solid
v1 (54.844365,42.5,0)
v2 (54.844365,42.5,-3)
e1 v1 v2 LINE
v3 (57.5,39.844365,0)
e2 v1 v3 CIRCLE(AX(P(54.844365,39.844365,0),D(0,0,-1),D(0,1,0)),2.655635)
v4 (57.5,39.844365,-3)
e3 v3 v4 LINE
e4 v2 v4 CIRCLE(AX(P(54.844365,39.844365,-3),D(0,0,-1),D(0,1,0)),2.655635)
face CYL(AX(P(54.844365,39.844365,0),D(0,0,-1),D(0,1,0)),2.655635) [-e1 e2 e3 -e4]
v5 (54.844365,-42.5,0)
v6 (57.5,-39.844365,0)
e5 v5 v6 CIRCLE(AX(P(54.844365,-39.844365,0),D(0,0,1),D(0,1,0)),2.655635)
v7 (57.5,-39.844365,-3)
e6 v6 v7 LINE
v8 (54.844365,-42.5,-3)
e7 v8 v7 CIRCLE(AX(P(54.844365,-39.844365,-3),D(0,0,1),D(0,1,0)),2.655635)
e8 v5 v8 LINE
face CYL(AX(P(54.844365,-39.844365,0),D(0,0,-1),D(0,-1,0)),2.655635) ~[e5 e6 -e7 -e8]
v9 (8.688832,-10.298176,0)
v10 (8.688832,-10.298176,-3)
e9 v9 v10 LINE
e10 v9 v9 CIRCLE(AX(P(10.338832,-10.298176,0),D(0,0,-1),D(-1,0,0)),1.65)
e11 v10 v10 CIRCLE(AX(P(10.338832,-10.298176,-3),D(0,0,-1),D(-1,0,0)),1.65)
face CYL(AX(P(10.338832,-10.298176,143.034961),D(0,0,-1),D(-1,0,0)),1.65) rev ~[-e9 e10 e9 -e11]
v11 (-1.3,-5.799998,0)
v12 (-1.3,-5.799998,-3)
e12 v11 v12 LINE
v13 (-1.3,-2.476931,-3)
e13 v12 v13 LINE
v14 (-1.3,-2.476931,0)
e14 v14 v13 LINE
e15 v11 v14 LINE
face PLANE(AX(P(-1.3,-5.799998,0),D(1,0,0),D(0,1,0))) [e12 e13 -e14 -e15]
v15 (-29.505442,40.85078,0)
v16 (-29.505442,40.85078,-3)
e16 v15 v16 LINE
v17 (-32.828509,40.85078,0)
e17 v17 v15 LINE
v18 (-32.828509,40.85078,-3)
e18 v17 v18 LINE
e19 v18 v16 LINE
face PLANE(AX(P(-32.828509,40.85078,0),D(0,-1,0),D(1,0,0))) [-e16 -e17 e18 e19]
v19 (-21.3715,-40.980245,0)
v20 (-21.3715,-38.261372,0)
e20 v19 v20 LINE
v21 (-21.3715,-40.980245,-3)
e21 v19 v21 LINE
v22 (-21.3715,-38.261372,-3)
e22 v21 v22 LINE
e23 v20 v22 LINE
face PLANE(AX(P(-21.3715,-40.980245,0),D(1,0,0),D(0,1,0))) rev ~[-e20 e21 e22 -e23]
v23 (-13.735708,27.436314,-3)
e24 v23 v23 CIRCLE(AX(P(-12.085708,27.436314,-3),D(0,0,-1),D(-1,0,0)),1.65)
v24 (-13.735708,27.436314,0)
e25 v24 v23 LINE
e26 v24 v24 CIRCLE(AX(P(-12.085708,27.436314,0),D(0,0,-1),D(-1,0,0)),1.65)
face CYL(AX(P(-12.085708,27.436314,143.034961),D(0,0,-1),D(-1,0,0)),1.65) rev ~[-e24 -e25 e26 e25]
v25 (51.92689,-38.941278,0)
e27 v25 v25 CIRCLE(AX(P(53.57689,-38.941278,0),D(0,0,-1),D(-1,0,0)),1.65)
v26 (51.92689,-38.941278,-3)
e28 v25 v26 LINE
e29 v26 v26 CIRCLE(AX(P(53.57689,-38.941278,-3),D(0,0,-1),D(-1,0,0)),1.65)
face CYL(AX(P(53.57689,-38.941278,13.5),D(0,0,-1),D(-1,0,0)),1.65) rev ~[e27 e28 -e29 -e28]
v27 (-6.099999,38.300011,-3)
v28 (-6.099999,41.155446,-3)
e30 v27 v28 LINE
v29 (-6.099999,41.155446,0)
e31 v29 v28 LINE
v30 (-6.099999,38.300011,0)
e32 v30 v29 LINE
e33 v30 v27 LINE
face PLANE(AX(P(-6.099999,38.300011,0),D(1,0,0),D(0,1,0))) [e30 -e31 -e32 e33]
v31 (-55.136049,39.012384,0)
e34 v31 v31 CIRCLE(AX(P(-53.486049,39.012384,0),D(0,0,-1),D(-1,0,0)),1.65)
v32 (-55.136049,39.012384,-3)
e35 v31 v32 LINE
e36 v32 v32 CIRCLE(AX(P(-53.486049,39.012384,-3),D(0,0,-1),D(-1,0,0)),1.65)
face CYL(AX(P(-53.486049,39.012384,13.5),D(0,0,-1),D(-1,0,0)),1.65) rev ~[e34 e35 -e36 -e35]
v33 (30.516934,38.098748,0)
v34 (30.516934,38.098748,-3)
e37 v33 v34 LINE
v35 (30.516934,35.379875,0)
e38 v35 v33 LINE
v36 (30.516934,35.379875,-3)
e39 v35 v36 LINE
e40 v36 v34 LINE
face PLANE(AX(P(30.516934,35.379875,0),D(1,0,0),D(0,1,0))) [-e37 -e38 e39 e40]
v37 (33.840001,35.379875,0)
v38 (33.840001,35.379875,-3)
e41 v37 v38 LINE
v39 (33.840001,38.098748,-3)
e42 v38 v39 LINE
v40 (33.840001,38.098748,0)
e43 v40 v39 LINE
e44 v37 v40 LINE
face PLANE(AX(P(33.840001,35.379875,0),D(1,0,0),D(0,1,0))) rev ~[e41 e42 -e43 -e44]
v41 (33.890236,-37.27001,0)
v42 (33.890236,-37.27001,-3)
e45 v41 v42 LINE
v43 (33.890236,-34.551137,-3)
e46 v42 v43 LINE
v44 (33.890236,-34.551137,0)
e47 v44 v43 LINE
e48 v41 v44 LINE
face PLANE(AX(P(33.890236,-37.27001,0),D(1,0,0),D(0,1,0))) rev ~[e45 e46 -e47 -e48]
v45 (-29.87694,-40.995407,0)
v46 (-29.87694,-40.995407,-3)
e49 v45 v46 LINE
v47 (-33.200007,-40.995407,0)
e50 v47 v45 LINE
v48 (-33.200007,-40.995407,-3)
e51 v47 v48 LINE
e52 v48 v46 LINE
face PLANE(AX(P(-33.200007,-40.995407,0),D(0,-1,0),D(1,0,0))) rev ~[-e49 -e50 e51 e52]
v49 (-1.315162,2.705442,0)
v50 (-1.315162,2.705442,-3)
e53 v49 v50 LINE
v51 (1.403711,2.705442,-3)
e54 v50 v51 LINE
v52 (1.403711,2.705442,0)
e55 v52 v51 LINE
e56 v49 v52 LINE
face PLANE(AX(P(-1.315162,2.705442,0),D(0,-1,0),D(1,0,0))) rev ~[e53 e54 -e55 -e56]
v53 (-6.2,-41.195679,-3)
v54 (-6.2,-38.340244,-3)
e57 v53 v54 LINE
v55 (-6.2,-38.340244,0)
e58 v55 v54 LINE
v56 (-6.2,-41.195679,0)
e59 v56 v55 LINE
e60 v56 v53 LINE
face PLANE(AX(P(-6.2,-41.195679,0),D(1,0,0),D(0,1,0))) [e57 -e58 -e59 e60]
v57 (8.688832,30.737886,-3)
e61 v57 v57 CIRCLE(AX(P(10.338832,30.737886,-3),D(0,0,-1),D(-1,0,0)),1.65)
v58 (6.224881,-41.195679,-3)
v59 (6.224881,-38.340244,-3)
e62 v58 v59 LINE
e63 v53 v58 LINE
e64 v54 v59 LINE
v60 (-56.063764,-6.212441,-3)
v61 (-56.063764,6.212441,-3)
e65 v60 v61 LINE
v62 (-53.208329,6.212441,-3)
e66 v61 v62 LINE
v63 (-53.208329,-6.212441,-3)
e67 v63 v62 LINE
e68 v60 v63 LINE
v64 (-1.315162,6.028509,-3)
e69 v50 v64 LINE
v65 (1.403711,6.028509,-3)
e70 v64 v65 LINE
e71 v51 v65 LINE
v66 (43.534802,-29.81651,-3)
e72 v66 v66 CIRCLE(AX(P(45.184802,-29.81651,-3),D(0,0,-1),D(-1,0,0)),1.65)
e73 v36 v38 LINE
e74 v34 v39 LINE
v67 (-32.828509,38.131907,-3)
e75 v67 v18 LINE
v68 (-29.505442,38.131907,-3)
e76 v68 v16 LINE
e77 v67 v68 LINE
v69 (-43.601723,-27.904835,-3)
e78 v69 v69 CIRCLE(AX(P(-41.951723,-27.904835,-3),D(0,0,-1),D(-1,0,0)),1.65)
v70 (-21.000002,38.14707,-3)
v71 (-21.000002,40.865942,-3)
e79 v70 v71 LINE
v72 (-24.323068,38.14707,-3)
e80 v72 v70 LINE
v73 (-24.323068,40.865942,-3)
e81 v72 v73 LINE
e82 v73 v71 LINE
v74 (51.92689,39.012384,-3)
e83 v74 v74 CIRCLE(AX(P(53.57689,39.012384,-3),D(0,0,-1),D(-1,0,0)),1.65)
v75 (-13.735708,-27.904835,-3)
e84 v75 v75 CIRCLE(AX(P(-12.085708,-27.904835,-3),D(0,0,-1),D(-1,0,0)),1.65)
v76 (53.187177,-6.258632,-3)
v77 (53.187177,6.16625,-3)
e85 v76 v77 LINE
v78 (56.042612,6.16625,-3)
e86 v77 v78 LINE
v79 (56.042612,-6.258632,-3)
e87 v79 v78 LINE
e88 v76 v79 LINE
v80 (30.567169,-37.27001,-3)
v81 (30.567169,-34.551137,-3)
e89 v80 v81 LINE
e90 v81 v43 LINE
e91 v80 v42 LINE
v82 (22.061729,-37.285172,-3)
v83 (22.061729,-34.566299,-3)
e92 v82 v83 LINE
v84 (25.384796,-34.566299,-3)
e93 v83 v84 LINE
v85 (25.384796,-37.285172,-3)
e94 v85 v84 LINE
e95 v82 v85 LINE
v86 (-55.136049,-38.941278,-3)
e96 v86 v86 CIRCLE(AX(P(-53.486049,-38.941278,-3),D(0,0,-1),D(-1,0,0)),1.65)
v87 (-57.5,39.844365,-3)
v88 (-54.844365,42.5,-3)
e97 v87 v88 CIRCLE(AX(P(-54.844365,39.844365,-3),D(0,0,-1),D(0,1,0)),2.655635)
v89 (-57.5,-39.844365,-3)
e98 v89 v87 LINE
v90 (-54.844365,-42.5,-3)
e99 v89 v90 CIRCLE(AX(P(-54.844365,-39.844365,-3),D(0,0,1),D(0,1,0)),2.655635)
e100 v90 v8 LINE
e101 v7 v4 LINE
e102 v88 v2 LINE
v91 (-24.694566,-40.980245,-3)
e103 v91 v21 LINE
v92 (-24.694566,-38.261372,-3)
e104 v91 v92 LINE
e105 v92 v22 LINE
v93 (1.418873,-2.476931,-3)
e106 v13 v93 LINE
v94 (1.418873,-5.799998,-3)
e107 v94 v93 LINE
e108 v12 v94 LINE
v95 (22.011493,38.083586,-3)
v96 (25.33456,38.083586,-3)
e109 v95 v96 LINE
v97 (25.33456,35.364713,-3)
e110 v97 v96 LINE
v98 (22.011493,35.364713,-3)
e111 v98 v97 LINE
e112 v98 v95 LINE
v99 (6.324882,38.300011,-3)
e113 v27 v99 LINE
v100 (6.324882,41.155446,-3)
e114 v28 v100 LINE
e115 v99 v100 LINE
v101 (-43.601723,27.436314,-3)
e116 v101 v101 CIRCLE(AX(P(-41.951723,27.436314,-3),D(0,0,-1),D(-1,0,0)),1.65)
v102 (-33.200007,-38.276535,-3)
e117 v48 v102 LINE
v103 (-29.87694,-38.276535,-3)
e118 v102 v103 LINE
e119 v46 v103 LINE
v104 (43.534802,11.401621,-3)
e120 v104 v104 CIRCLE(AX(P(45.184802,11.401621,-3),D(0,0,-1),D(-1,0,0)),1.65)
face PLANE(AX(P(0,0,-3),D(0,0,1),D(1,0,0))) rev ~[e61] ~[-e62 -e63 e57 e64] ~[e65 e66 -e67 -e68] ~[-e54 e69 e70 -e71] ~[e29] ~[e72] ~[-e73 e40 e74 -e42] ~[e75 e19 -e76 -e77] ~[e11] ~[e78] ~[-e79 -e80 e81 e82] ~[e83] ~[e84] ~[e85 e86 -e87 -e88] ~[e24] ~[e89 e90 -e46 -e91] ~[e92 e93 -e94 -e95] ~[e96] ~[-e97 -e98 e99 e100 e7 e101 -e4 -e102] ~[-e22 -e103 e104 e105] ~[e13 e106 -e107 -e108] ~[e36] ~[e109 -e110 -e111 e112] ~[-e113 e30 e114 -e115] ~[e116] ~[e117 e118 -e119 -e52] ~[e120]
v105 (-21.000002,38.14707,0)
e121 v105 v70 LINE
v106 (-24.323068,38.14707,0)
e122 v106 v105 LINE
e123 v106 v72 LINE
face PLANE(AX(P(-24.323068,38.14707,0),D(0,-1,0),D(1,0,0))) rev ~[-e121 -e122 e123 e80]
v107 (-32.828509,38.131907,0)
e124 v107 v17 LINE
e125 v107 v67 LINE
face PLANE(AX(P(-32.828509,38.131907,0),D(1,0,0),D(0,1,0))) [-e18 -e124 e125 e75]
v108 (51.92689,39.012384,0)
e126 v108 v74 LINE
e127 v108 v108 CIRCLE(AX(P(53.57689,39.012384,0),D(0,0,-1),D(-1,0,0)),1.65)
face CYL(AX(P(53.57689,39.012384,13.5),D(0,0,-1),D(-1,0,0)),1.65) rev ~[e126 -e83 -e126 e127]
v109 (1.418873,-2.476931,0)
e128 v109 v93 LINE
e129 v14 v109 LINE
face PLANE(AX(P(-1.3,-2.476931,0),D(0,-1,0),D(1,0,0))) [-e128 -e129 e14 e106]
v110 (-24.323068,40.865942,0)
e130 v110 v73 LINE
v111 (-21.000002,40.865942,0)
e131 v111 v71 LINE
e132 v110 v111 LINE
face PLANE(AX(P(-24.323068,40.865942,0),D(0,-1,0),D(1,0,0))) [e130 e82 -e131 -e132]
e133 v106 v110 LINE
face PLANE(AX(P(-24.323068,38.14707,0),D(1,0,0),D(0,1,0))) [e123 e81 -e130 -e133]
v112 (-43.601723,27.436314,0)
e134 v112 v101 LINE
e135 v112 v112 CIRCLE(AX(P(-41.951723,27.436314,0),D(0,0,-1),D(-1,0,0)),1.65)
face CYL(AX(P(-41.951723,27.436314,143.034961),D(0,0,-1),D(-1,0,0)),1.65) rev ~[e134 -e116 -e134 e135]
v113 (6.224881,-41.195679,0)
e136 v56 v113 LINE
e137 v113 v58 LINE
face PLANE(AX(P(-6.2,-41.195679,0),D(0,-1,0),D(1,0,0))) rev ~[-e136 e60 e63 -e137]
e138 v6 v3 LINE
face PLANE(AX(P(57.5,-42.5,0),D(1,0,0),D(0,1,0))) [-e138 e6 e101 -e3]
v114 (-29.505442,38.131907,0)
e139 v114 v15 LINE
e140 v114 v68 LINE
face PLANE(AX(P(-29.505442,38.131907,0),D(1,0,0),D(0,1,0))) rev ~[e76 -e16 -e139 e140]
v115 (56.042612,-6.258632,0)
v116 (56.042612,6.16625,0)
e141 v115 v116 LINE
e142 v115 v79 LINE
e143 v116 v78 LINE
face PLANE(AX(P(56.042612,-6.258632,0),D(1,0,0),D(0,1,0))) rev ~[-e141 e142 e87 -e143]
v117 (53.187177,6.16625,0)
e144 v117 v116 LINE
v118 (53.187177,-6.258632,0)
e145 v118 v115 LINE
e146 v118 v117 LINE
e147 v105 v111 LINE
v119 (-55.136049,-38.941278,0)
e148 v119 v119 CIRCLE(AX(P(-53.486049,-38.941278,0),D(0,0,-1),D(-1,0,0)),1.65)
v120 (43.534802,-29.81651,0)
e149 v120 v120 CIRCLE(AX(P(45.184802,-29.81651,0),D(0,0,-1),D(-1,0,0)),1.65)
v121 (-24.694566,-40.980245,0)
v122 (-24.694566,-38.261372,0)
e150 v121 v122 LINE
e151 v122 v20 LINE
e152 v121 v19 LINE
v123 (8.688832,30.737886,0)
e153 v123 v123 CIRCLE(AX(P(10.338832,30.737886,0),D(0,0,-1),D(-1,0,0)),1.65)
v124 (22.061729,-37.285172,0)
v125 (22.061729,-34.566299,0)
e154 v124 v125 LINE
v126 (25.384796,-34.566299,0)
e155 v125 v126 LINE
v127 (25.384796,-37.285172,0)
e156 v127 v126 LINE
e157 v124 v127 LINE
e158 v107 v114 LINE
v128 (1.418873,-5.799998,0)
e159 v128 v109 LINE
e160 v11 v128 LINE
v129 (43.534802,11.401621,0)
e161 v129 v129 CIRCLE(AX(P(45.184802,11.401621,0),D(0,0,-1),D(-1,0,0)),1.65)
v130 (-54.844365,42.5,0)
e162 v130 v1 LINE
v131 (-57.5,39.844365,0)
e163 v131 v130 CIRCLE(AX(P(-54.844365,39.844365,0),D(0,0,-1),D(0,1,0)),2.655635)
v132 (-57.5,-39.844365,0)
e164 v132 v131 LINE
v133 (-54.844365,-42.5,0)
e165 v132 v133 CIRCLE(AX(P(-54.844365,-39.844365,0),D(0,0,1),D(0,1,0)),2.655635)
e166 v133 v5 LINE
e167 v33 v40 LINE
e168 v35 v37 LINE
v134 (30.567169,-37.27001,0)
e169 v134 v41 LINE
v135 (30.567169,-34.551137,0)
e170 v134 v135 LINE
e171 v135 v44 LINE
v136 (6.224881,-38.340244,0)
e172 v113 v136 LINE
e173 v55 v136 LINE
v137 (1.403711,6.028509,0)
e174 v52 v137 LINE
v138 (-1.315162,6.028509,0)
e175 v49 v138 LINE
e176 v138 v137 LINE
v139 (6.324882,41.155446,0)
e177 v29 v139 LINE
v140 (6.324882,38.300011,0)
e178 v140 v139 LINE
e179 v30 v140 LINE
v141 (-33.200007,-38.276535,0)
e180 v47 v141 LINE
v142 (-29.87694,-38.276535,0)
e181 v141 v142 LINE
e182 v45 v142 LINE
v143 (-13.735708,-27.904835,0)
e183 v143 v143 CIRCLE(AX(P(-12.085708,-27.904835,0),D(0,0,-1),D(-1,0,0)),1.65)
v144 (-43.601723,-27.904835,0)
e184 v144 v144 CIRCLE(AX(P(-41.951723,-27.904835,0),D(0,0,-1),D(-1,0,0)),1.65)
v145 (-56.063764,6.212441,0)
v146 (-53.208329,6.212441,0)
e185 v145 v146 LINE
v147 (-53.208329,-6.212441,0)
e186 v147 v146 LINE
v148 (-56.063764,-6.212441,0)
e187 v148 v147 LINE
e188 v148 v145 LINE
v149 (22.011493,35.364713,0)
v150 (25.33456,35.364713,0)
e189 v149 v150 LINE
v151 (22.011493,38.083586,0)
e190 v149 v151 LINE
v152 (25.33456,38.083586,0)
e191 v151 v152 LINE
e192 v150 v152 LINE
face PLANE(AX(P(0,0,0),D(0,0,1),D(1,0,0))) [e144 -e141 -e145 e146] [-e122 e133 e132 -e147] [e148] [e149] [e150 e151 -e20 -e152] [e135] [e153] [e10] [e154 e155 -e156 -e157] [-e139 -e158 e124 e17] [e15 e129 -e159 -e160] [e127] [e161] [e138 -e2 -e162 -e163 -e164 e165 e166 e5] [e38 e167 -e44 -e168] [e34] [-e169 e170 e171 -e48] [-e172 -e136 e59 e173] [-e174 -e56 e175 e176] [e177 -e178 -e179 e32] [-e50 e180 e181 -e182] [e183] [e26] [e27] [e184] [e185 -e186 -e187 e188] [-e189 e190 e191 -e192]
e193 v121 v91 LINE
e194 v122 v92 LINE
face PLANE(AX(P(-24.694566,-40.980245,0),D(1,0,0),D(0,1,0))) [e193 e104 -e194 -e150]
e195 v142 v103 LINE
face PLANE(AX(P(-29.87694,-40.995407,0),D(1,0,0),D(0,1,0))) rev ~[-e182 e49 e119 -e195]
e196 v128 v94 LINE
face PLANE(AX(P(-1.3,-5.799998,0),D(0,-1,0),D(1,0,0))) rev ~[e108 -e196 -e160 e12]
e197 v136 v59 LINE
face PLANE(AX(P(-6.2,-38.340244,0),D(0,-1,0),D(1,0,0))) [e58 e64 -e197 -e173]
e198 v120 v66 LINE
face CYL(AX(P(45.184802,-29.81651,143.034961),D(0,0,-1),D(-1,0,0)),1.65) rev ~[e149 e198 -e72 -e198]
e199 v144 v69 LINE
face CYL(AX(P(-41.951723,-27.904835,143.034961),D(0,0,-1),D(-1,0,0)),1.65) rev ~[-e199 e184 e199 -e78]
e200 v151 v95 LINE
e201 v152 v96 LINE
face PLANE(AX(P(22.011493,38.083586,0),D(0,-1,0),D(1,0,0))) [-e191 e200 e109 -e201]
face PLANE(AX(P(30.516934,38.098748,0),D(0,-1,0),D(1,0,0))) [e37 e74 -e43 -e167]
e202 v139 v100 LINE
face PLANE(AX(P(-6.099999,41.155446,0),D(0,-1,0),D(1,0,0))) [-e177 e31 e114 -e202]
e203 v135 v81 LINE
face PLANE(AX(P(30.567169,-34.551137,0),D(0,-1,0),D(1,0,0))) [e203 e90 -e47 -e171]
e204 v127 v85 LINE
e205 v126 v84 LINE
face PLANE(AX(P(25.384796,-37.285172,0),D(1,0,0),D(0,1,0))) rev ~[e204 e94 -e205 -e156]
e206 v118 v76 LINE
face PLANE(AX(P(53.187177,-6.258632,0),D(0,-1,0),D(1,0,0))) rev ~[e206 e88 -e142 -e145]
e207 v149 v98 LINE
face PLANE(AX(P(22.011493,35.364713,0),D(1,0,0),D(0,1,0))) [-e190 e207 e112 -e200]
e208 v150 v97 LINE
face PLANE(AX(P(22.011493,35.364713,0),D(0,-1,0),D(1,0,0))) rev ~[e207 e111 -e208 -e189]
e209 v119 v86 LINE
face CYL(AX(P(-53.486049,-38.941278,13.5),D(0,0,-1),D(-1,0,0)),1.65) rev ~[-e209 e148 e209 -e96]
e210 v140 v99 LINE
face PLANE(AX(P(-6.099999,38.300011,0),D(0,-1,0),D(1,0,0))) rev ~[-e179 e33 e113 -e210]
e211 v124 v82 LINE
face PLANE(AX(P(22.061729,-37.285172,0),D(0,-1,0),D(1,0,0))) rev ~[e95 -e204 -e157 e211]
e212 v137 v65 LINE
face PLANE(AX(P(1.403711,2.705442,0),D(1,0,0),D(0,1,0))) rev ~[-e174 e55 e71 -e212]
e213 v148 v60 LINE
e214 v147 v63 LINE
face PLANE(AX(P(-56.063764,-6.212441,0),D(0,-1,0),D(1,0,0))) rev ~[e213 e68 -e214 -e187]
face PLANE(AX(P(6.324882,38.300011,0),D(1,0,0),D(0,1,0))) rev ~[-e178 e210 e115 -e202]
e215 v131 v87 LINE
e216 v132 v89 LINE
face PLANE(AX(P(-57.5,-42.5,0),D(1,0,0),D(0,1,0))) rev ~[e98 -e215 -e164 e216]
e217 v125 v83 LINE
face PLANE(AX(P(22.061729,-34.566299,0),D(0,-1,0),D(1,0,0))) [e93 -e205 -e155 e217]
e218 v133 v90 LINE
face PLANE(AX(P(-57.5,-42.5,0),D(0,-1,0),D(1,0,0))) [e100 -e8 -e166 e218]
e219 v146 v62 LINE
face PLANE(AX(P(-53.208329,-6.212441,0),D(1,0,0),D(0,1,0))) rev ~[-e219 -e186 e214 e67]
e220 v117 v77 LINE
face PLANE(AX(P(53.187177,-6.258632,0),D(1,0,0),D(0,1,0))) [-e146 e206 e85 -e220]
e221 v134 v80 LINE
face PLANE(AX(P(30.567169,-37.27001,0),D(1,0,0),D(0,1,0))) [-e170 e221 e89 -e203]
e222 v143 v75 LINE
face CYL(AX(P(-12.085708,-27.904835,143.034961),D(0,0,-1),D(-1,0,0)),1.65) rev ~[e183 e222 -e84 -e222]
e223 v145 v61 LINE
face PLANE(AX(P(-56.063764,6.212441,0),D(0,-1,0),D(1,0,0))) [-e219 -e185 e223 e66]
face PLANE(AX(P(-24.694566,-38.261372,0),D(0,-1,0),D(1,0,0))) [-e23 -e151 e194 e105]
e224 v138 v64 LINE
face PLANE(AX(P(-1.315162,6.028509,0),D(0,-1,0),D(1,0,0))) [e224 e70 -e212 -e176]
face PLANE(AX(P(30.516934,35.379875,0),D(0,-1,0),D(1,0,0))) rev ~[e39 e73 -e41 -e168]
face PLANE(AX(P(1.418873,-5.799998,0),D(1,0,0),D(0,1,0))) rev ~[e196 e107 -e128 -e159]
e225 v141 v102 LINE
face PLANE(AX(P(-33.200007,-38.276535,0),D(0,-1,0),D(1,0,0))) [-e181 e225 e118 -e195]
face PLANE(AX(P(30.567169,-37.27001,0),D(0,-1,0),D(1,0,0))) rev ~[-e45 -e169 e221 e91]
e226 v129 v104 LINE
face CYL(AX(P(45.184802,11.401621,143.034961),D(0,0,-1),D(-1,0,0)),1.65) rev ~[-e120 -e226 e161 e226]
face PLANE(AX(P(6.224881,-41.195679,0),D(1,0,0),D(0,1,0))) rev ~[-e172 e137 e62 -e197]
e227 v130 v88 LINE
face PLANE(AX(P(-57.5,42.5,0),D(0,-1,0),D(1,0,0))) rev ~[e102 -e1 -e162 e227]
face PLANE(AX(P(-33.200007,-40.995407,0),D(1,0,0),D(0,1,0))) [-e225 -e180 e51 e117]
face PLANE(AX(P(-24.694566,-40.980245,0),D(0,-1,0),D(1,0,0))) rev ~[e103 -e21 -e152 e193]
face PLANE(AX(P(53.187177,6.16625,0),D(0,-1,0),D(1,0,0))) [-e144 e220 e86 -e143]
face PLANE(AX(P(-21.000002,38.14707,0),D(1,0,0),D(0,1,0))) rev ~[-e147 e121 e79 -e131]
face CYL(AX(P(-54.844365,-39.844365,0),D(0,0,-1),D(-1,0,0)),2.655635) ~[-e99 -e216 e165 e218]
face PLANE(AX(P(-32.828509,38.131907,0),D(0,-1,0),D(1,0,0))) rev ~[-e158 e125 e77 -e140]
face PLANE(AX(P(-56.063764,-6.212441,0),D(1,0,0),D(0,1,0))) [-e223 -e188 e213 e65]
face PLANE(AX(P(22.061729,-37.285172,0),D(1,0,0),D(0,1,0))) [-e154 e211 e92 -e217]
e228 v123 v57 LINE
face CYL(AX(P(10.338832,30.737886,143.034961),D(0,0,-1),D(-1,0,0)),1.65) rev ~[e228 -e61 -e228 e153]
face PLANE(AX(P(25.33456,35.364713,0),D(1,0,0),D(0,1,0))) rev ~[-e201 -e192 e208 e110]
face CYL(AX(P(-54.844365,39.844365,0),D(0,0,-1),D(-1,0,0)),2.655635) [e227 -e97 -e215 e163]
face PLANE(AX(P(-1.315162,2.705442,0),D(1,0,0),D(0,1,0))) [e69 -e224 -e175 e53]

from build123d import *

# Parameters (mm, degrees)
F0_W     = 115
F0_H     = 85
F0_W_2   = 3.3230667468
F0_H_2   = 2.7188727399
F0_W_3   = 12.42488157
F0_H_3   = 2.8554350138
F0_W_4   = 2.7188727399
F0_H_4   = 3.3230667468
F0_W_5   = 2.8554350138
F0_H_5   = 12.42488157
F1_DEPTH = 3
F2_R     = 2.6556349186
F3_D     = 3.3
F3_DEPTH = 13.5
F3_TIP   = 0.9914200214
F4_D     = 3.3


with BuildPart() as f1:
    # F0 (on Top) → F1 (new body)
    with BuildSketch(Plane.XY):
        Rectangle(F0_W, F0_H)
        with Locations((-31.5384735586, -39.6359708975)):
            Rectangle(F0_W_2, F0_H_2, mode=Mode.SUBTRACT)
        with Locations((-23.0330330087, -39.6208088496)):
            Rectangle(F0_W_2, F0_H_2, mode=Mode.SUBTRACT)
        with Locations((0.012440607, -39.7679619491)):
            Rectangle(F0_W_3, F0_H_3, mode=Mode.SUBTRACT)
        with Locations((23.7232622458, -35.9257351956)):
            Rectangle(F0_W_2, F0_H_2, mode=Mode.SUBTRACT)
        with Locations((32.2287027957, -35.9105731477)):
            Rectangle(F0_W_2, F0_H_2, mode=Mode.SUBTRACT)
        with Locations((0.0594367157, -4.1384646902)):
            Rectangle(F0_W_4, F0_H_4, mode=Mode.SUBTRACT)
        with Locations((54.6148940921, -0.0461908057)):
            Rectangle(F0_W_5, F0_H_5, mode=Mode.SUBTRACT)
        with Locations((-54.6360462904, 0)):
            Rectangle(F0_W_5, F0_H_5, mode=Mode.SUBTRACT)
        with Locations((-31.1669755029, 39.4913438358)):
            Rectangle(F0_W_2, F0_H_2, mode=Mode.SUBTRACT)
        with Locations((-22.6615349529, 39.5065058838)):
            Rectangle(F0_W_2, F0_H_2, mode=Mode.SUBTRACT)
        with Locations((0.0442746677, 4.3669758597)):
            Rectangle(F0_W_4, F0_H_4, mode=Mode.SUBTRACT)
        with Locations((0.1124413684, 39.7277288139)):
            Rectangle(F0_W_3, F0_H_3, mode=Mode.SUBTRACT)
        with Locations((23.6730267061, 36.7241497734)):
            Rectangle(F0_W_2, F0_H_2, mode=Mode.SUBTRACT)
        with Locations((32.178467256, 36.7393118213)):
            Rectangle(F0_W_2, F0_H_2, mode=Mode.SUBTRACT)
    extrude(amount=-F1_DEPTH)

    # F2
    f2_edges = [f1.edges().sort_by_distance(p)[0] for p in [
        (57.5, -42.5, -1.5),
        (57.5, 42.5, -1.5),
        (-57.5, -42.5, -1.5),
        (-57.5, 42.5, -1.5),
    ]]
    fillet(f2_edges, radius=F2_R)

    # F3
    with Locations(Plane.XY):
        with Locations((-53.4860491753, -38.9412779514), (-53.4860491753, 39.0123836696), (53.5768903792, -38.9412779514), (53.5768903792, 39.0123836696)):
            Hole(F3_D / 2, depth=F3_DEPTH)
            with Locations((0, 0, -(F3_DEPTH + F3_TIP / 2))):  # 118° drill point
                Cone(0, F3_D / 2, F3_TIP, mode=Mode.SUBTRACT)

    # F4 (through all)
    with Locations(Plane.XY):
        with Locations((-41.9517233968, 27.4363141507), (-12.0857078582, 27.4363141507), (-12.0857078582, -27.9048345983), (10.3388316929, 30.7378862053), (45.184802264, 11.4016206935), (45.184802264, -29.8165101558), (10.3388316929, -10.2981757373), (-41.9517233968, -27.9048345983)):
            Hole(F4_D / 2)


solid = f1.part
